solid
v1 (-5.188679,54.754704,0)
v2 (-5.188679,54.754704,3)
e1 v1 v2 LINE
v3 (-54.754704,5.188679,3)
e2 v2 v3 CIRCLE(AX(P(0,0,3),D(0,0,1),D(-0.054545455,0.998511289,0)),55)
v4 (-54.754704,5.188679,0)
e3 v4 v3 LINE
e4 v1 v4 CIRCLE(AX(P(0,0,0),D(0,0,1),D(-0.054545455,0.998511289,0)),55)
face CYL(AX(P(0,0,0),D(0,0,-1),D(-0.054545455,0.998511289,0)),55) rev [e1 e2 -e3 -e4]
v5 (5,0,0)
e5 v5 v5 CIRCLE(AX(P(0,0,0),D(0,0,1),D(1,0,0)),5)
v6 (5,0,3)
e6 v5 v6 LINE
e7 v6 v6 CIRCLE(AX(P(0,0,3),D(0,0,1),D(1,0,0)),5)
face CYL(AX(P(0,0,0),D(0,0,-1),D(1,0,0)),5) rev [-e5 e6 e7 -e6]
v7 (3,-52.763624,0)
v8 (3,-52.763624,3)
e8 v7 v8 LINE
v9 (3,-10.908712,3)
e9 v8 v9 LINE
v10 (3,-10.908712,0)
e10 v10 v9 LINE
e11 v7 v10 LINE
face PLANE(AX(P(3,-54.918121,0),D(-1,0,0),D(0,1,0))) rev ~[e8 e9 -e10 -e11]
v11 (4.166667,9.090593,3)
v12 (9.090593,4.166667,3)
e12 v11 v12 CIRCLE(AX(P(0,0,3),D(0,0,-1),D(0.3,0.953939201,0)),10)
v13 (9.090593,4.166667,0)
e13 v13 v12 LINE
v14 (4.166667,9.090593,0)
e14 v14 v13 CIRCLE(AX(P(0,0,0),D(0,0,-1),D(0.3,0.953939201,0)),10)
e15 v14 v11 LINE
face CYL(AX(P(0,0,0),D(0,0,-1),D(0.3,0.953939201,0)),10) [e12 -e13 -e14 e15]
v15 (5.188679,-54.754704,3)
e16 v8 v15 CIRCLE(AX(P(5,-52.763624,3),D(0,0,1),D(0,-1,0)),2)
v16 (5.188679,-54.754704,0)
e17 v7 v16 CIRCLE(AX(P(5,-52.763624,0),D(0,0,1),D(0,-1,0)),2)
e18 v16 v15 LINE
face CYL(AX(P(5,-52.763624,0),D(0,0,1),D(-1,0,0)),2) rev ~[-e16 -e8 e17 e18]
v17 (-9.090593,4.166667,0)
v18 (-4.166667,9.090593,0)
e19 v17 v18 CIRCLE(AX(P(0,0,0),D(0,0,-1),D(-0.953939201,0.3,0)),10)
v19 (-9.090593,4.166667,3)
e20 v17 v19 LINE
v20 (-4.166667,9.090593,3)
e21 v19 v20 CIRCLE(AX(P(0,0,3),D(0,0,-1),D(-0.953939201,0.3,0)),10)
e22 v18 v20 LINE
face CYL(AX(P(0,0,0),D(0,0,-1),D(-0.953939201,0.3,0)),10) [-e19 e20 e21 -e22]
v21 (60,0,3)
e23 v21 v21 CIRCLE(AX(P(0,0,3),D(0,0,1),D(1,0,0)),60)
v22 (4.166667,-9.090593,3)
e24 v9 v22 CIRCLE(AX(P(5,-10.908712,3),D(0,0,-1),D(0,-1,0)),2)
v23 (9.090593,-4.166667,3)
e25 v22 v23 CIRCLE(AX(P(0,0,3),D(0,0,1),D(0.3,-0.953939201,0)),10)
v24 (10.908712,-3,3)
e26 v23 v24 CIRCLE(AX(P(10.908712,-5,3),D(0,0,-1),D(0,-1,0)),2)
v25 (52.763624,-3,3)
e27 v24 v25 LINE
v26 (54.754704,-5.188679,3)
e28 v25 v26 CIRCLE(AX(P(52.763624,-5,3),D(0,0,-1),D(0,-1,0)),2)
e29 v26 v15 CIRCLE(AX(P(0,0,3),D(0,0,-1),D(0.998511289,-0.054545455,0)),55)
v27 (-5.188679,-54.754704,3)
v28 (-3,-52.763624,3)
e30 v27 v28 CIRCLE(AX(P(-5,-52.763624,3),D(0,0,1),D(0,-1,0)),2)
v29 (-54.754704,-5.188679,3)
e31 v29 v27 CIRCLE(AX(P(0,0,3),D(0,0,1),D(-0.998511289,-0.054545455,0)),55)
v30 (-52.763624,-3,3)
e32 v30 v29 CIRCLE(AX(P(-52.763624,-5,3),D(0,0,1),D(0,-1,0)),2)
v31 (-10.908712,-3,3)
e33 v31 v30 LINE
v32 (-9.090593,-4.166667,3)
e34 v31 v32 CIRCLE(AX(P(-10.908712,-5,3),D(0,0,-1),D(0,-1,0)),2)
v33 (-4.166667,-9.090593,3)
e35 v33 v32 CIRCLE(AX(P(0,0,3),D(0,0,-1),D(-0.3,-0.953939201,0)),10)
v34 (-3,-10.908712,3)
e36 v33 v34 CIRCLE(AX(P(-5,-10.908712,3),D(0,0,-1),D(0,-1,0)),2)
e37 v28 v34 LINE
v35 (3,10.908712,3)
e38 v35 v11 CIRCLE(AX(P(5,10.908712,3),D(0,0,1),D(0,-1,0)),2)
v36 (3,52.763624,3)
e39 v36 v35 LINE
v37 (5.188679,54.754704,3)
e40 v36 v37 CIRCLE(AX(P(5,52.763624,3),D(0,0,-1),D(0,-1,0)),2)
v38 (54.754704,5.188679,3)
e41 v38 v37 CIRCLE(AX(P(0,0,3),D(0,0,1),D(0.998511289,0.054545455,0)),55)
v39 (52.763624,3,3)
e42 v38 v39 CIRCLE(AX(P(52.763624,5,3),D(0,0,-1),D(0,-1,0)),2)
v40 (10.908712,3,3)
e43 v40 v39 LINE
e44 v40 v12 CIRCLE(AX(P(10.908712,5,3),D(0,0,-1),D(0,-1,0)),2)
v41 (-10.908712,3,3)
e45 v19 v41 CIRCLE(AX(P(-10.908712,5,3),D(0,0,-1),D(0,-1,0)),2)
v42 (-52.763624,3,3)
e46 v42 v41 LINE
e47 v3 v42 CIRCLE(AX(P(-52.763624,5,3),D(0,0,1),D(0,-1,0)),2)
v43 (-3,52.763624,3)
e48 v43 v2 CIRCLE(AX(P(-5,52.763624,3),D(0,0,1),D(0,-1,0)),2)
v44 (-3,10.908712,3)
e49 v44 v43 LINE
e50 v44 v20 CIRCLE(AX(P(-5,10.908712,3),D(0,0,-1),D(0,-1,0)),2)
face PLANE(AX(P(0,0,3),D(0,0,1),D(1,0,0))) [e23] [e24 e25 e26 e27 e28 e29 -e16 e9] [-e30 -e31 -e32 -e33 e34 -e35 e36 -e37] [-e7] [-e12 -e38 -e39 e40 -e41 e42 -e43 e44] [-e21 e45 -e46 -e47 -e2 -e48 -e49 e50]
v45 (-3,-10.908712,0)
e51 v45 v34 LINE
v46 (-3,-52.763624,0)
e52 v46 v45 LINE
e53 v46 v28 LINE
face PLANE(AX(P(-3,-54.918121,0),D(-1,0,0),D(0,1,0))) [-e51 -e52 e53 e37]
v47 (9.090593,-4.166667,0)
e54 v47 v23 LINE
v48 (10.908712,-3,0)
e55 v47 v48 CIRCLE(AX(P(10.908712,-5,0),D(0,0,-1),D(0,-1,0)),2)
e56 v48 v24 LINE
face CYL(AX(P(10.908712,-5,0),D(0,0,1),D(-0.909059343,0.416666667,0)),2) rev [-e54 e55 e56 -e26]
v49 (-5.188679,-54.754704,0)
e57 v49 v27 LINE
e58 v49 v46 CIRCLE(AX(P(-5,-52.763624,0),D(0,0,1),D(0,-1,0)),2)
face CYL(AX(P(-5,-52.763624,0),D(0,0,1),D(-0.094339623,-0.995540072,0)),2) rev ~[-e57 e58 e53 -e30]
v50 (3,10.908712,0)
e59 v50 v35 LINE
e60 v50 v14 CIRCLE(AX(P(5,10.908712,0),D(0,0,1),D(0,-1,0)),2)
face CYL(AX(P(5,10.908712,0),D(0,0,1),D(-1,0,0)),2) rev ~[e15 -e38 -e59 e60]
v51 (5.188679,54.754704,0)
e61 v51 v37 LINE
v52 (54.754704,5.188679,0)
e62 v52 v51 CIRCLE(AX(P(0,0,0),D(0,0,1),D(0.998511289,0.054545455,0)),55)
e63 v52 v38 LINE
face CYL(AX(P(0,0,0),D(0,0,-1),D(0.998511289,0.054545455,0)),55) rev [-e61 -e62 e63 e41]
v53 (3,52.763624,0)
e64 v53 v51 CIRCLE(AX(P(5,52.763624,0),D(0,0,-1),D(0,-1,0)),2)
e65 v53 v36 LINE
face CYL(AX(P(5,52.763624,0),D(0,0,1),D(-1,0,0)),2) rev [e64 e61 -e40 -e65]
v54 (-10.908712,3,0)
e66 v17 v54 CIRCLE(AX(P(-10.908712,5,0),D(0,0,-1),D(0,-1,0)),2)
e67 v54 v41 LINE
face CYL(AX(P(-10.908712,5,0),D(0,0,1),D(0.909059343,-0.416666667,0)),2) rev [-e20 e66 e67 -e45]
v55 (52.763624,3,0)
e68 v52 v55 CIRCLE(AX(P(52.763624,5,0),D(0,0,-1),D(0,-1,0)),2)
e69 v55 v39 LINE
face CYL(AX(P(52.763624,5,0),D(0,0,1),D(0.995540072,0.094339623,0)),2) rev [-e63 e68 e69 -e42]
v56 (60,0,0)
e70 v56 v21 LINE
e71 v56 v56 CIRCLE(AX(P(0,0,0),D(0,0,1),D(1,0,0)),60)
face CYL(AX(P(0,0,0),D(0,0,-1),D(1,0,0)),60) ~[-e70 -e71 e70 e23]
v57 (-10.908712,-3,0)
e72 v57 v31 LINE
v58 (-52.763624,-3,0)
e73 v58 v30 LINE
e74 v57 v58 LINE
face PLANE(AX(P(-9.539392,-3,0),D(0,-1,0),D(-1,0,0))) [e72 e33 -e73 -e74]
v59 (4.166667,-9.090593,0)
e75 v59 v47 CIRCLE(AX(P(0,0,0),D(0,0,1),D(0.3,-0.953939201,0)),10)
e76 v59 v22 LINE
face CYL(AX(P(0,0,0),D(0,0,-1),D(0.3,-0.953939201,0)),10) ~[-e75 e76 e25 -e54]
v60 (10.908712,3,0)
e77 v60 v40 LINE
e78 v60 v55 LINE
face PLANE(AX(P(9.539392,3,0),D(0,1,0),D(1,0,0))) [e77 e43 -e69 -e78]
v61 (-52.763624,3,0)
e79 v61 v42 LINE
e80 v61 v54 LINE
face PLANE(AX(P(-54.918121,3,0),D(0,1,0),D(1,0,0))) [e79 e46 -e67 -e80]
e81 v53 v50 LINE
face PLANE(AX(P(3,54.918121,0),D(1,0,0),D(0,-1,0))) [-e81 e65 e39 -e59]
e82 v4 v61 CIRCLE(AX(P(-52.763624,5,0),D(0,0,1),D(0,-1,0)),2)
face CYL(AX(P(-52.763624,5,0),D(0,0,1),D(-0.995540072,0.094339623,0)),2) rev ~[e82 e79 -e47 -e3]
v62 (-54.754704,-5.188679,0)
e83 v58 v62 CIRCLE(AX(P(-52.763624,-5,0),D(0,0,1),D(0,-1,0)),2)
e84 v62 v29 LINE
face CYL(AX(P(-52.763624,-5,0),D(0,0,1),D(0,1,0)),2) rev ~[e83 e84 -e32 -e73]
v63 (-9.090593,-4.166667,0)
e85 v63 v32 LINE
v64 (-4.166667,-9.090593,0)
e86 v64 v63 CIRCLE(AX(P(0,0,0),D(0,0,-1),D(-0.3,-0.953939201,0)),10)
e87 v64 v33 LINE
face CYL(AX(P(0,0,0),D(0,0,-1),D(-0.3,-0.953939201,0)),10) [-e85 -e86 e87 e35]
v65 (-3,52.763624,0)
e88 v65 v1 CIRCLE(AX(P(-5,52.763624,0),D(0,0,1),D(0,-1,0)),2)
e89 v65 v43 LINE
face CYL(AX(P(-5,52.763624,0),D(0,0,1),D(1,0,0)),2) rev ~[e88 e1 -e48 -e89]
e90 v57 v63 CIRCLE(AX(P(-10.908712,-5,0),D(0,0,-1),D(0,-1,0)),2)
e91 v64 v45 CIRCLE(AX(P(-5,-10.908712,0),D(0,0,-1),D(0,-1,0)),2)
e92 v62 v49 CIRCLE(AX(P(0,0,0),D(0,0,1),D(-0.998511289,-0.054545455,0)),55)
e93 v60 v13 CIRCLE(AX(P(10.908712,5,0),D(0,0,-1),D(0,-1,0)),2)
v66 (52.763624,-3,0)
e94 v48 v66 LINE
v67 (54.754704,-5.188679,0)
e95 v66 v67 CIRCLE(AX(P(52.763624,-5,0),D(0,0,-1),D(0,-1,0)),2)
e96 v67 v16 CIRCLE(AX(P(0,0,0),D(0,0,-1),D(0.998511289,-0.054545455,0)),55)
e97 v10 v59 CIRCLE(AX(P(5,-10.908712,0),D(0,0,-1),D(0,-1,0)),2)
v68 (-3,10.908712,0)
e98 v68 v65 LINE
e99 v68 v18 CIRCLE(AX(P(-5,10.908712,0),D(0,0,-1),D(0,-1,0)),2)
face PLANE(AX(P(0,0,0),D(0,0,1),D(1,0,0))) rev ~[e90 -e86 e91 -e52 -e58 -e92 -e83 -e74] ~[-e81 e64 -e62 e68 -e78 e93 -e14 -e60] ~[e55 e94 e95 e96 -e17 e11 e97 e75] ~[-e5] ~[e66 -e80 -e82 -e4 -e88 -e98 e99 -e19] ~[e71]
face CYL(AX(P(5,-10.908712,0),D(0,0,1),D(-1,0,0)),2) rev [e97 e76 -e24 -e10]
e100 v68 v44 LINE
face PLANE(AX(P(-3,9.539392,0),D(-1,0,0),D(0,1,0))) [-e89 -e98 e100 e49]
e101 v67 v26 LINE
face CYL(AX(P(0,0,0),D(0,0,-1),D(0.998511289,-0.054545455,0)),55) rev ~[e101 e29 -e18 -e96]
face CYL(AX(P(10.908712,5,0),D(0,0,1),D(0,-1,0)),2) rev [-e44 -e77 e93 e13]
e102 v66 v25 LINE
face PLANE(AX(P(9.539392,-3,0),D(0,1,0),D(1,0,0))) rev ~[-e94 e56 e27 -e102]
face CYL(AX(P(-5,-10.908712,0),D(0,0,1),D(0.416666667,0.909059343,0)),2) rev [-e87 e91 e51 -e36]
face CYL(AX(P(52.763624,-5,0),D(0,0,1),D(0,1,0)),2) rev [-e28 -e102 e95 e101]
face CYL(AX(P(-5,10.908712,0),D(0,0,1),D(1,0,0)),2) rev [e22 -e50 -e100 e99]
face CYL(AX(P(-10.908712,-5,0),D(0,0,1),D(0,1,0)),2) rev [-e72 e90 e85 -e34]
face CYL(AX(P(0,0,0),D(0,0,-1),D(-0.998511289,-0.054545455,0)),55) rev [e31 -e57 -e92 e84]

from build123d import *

# Parameters (mm, degrees)
SKETCH_1_R      = 60
SKETCH_1_R_2    = 5
EXTRUDE_1_DEPTH = 3
FILLET_1_R      = 2
FILLET_2_R      = 2
FILLET_4_R      = 2


with BuildPart() as part:
    # 草图1 → 凸台-拉伸1 (new body)
    with BuildSketch(Plane.XY):
        Circle(SKETCH_1_R)
        Circle(SKETCH_1_R_2, mode=Mode.SUBTRACT)
        with BuildLine():
            Line((3, 54.918120871), (3, 9.539392014))
            ThreePointArc((3, 9.539392014), (7.071067812, 7.071067812), (9.539392014, 3))
            Line((9.539392014, 3), (54.918120871, 3))
            ThreePointArc((54.918120871, 3), (38.890872965, 38.890872965), (3, 54.918120871))
        make_face(mode=Mode.SUBTRACT)
        with BuildLine():
            Line((-9.539392014, -3), (-54.918120871, -3))
            ThreePointArc((-54.918120871, -3), (-38.890872965, -38.890872965), (-3, -54.918120871))
            Line((-3, -54.918120871), (-3, -9.539392014))
            ThreePointArc((-3, -9.539392014), (-7.071067812, -7.071067812), (-9.539392014, -3))
        make_face(mode=Mode.SUBTRACT)
        with BuildLine():
            Line((9.539392014, -3), (54.918120871, -3))
            ThreePointArc((54.918120871, -3), (38.890872965, -38.890872965), (3, -54.918120871))
            Line((3, -54.918120871), (3, -9.539392014))
            ThreePointArc((3, -9.539392014), (7.071067812, -7.071067812), (9.539392014, -3))
        make_face(mode=Mode.SUBTRACT)
        with BuildLine():
            Line((-3, 9.539392014), (-3, 54.918120871))
            ThreePointArc((-3, 54.918120871), (-38.890872965, 38.890872965), (-54.918120871, 3))
            Line((-54.918120871, 3), (-9.539392014, 3))
            ThreePointArc((-9.539392014, 3), (-7.071067812, 7.071067812), (-3, 9.539392014))
        make_face(mode=Mode.SUBTRACT)
    extrude(amount=EXTRUDE_1_DEPTH)

    # 圆角1
    fillet_1_edges = [part.edges().sort_by_distance(p)[0] for p in [
        (3, 54.918120871, 1.5),
    ]]
    fillet(fillet_1_edges, radius=FILLET_1_R)

    # 圆角2
    fillet_2_edges = [part.edges().sort_by_distance(p)[0] for p in [
        (54.918120871, 3, 1.5),
        (3, -54.918120871, 1.5),
        (54.918120871, -3, 1.5),
        (-54.918120871, -3, 1.5),
        (-3, -54.918120871, 1.5),
        (-3, 54.918120871, 1.5),
        (-54.918120871, 3, 1.5),
    ]]
    fillet(fillet_2_edges, radius=FILLET_2_R)

    # 圆角4
    fillet_4_edges = [part.edges().sort_by_distance(p)[0] for p in [
        (3, 9.539392014, 1.5),
        (9.539392014, 3, 1.5),
        (9.539392014, -3, 1.5),
        (3, -9.539392014, 1.5),
        (-3, -9.539392014, 1.5),
        (-9.539392014, -3, 1.5),
        (-9.539392014, 3, 1.5),
        (-3, 9.539392014, 1.5),
    ]]
    fillet(fillet_4_edges, radius=FILLET_4_R)


solid = part.part
